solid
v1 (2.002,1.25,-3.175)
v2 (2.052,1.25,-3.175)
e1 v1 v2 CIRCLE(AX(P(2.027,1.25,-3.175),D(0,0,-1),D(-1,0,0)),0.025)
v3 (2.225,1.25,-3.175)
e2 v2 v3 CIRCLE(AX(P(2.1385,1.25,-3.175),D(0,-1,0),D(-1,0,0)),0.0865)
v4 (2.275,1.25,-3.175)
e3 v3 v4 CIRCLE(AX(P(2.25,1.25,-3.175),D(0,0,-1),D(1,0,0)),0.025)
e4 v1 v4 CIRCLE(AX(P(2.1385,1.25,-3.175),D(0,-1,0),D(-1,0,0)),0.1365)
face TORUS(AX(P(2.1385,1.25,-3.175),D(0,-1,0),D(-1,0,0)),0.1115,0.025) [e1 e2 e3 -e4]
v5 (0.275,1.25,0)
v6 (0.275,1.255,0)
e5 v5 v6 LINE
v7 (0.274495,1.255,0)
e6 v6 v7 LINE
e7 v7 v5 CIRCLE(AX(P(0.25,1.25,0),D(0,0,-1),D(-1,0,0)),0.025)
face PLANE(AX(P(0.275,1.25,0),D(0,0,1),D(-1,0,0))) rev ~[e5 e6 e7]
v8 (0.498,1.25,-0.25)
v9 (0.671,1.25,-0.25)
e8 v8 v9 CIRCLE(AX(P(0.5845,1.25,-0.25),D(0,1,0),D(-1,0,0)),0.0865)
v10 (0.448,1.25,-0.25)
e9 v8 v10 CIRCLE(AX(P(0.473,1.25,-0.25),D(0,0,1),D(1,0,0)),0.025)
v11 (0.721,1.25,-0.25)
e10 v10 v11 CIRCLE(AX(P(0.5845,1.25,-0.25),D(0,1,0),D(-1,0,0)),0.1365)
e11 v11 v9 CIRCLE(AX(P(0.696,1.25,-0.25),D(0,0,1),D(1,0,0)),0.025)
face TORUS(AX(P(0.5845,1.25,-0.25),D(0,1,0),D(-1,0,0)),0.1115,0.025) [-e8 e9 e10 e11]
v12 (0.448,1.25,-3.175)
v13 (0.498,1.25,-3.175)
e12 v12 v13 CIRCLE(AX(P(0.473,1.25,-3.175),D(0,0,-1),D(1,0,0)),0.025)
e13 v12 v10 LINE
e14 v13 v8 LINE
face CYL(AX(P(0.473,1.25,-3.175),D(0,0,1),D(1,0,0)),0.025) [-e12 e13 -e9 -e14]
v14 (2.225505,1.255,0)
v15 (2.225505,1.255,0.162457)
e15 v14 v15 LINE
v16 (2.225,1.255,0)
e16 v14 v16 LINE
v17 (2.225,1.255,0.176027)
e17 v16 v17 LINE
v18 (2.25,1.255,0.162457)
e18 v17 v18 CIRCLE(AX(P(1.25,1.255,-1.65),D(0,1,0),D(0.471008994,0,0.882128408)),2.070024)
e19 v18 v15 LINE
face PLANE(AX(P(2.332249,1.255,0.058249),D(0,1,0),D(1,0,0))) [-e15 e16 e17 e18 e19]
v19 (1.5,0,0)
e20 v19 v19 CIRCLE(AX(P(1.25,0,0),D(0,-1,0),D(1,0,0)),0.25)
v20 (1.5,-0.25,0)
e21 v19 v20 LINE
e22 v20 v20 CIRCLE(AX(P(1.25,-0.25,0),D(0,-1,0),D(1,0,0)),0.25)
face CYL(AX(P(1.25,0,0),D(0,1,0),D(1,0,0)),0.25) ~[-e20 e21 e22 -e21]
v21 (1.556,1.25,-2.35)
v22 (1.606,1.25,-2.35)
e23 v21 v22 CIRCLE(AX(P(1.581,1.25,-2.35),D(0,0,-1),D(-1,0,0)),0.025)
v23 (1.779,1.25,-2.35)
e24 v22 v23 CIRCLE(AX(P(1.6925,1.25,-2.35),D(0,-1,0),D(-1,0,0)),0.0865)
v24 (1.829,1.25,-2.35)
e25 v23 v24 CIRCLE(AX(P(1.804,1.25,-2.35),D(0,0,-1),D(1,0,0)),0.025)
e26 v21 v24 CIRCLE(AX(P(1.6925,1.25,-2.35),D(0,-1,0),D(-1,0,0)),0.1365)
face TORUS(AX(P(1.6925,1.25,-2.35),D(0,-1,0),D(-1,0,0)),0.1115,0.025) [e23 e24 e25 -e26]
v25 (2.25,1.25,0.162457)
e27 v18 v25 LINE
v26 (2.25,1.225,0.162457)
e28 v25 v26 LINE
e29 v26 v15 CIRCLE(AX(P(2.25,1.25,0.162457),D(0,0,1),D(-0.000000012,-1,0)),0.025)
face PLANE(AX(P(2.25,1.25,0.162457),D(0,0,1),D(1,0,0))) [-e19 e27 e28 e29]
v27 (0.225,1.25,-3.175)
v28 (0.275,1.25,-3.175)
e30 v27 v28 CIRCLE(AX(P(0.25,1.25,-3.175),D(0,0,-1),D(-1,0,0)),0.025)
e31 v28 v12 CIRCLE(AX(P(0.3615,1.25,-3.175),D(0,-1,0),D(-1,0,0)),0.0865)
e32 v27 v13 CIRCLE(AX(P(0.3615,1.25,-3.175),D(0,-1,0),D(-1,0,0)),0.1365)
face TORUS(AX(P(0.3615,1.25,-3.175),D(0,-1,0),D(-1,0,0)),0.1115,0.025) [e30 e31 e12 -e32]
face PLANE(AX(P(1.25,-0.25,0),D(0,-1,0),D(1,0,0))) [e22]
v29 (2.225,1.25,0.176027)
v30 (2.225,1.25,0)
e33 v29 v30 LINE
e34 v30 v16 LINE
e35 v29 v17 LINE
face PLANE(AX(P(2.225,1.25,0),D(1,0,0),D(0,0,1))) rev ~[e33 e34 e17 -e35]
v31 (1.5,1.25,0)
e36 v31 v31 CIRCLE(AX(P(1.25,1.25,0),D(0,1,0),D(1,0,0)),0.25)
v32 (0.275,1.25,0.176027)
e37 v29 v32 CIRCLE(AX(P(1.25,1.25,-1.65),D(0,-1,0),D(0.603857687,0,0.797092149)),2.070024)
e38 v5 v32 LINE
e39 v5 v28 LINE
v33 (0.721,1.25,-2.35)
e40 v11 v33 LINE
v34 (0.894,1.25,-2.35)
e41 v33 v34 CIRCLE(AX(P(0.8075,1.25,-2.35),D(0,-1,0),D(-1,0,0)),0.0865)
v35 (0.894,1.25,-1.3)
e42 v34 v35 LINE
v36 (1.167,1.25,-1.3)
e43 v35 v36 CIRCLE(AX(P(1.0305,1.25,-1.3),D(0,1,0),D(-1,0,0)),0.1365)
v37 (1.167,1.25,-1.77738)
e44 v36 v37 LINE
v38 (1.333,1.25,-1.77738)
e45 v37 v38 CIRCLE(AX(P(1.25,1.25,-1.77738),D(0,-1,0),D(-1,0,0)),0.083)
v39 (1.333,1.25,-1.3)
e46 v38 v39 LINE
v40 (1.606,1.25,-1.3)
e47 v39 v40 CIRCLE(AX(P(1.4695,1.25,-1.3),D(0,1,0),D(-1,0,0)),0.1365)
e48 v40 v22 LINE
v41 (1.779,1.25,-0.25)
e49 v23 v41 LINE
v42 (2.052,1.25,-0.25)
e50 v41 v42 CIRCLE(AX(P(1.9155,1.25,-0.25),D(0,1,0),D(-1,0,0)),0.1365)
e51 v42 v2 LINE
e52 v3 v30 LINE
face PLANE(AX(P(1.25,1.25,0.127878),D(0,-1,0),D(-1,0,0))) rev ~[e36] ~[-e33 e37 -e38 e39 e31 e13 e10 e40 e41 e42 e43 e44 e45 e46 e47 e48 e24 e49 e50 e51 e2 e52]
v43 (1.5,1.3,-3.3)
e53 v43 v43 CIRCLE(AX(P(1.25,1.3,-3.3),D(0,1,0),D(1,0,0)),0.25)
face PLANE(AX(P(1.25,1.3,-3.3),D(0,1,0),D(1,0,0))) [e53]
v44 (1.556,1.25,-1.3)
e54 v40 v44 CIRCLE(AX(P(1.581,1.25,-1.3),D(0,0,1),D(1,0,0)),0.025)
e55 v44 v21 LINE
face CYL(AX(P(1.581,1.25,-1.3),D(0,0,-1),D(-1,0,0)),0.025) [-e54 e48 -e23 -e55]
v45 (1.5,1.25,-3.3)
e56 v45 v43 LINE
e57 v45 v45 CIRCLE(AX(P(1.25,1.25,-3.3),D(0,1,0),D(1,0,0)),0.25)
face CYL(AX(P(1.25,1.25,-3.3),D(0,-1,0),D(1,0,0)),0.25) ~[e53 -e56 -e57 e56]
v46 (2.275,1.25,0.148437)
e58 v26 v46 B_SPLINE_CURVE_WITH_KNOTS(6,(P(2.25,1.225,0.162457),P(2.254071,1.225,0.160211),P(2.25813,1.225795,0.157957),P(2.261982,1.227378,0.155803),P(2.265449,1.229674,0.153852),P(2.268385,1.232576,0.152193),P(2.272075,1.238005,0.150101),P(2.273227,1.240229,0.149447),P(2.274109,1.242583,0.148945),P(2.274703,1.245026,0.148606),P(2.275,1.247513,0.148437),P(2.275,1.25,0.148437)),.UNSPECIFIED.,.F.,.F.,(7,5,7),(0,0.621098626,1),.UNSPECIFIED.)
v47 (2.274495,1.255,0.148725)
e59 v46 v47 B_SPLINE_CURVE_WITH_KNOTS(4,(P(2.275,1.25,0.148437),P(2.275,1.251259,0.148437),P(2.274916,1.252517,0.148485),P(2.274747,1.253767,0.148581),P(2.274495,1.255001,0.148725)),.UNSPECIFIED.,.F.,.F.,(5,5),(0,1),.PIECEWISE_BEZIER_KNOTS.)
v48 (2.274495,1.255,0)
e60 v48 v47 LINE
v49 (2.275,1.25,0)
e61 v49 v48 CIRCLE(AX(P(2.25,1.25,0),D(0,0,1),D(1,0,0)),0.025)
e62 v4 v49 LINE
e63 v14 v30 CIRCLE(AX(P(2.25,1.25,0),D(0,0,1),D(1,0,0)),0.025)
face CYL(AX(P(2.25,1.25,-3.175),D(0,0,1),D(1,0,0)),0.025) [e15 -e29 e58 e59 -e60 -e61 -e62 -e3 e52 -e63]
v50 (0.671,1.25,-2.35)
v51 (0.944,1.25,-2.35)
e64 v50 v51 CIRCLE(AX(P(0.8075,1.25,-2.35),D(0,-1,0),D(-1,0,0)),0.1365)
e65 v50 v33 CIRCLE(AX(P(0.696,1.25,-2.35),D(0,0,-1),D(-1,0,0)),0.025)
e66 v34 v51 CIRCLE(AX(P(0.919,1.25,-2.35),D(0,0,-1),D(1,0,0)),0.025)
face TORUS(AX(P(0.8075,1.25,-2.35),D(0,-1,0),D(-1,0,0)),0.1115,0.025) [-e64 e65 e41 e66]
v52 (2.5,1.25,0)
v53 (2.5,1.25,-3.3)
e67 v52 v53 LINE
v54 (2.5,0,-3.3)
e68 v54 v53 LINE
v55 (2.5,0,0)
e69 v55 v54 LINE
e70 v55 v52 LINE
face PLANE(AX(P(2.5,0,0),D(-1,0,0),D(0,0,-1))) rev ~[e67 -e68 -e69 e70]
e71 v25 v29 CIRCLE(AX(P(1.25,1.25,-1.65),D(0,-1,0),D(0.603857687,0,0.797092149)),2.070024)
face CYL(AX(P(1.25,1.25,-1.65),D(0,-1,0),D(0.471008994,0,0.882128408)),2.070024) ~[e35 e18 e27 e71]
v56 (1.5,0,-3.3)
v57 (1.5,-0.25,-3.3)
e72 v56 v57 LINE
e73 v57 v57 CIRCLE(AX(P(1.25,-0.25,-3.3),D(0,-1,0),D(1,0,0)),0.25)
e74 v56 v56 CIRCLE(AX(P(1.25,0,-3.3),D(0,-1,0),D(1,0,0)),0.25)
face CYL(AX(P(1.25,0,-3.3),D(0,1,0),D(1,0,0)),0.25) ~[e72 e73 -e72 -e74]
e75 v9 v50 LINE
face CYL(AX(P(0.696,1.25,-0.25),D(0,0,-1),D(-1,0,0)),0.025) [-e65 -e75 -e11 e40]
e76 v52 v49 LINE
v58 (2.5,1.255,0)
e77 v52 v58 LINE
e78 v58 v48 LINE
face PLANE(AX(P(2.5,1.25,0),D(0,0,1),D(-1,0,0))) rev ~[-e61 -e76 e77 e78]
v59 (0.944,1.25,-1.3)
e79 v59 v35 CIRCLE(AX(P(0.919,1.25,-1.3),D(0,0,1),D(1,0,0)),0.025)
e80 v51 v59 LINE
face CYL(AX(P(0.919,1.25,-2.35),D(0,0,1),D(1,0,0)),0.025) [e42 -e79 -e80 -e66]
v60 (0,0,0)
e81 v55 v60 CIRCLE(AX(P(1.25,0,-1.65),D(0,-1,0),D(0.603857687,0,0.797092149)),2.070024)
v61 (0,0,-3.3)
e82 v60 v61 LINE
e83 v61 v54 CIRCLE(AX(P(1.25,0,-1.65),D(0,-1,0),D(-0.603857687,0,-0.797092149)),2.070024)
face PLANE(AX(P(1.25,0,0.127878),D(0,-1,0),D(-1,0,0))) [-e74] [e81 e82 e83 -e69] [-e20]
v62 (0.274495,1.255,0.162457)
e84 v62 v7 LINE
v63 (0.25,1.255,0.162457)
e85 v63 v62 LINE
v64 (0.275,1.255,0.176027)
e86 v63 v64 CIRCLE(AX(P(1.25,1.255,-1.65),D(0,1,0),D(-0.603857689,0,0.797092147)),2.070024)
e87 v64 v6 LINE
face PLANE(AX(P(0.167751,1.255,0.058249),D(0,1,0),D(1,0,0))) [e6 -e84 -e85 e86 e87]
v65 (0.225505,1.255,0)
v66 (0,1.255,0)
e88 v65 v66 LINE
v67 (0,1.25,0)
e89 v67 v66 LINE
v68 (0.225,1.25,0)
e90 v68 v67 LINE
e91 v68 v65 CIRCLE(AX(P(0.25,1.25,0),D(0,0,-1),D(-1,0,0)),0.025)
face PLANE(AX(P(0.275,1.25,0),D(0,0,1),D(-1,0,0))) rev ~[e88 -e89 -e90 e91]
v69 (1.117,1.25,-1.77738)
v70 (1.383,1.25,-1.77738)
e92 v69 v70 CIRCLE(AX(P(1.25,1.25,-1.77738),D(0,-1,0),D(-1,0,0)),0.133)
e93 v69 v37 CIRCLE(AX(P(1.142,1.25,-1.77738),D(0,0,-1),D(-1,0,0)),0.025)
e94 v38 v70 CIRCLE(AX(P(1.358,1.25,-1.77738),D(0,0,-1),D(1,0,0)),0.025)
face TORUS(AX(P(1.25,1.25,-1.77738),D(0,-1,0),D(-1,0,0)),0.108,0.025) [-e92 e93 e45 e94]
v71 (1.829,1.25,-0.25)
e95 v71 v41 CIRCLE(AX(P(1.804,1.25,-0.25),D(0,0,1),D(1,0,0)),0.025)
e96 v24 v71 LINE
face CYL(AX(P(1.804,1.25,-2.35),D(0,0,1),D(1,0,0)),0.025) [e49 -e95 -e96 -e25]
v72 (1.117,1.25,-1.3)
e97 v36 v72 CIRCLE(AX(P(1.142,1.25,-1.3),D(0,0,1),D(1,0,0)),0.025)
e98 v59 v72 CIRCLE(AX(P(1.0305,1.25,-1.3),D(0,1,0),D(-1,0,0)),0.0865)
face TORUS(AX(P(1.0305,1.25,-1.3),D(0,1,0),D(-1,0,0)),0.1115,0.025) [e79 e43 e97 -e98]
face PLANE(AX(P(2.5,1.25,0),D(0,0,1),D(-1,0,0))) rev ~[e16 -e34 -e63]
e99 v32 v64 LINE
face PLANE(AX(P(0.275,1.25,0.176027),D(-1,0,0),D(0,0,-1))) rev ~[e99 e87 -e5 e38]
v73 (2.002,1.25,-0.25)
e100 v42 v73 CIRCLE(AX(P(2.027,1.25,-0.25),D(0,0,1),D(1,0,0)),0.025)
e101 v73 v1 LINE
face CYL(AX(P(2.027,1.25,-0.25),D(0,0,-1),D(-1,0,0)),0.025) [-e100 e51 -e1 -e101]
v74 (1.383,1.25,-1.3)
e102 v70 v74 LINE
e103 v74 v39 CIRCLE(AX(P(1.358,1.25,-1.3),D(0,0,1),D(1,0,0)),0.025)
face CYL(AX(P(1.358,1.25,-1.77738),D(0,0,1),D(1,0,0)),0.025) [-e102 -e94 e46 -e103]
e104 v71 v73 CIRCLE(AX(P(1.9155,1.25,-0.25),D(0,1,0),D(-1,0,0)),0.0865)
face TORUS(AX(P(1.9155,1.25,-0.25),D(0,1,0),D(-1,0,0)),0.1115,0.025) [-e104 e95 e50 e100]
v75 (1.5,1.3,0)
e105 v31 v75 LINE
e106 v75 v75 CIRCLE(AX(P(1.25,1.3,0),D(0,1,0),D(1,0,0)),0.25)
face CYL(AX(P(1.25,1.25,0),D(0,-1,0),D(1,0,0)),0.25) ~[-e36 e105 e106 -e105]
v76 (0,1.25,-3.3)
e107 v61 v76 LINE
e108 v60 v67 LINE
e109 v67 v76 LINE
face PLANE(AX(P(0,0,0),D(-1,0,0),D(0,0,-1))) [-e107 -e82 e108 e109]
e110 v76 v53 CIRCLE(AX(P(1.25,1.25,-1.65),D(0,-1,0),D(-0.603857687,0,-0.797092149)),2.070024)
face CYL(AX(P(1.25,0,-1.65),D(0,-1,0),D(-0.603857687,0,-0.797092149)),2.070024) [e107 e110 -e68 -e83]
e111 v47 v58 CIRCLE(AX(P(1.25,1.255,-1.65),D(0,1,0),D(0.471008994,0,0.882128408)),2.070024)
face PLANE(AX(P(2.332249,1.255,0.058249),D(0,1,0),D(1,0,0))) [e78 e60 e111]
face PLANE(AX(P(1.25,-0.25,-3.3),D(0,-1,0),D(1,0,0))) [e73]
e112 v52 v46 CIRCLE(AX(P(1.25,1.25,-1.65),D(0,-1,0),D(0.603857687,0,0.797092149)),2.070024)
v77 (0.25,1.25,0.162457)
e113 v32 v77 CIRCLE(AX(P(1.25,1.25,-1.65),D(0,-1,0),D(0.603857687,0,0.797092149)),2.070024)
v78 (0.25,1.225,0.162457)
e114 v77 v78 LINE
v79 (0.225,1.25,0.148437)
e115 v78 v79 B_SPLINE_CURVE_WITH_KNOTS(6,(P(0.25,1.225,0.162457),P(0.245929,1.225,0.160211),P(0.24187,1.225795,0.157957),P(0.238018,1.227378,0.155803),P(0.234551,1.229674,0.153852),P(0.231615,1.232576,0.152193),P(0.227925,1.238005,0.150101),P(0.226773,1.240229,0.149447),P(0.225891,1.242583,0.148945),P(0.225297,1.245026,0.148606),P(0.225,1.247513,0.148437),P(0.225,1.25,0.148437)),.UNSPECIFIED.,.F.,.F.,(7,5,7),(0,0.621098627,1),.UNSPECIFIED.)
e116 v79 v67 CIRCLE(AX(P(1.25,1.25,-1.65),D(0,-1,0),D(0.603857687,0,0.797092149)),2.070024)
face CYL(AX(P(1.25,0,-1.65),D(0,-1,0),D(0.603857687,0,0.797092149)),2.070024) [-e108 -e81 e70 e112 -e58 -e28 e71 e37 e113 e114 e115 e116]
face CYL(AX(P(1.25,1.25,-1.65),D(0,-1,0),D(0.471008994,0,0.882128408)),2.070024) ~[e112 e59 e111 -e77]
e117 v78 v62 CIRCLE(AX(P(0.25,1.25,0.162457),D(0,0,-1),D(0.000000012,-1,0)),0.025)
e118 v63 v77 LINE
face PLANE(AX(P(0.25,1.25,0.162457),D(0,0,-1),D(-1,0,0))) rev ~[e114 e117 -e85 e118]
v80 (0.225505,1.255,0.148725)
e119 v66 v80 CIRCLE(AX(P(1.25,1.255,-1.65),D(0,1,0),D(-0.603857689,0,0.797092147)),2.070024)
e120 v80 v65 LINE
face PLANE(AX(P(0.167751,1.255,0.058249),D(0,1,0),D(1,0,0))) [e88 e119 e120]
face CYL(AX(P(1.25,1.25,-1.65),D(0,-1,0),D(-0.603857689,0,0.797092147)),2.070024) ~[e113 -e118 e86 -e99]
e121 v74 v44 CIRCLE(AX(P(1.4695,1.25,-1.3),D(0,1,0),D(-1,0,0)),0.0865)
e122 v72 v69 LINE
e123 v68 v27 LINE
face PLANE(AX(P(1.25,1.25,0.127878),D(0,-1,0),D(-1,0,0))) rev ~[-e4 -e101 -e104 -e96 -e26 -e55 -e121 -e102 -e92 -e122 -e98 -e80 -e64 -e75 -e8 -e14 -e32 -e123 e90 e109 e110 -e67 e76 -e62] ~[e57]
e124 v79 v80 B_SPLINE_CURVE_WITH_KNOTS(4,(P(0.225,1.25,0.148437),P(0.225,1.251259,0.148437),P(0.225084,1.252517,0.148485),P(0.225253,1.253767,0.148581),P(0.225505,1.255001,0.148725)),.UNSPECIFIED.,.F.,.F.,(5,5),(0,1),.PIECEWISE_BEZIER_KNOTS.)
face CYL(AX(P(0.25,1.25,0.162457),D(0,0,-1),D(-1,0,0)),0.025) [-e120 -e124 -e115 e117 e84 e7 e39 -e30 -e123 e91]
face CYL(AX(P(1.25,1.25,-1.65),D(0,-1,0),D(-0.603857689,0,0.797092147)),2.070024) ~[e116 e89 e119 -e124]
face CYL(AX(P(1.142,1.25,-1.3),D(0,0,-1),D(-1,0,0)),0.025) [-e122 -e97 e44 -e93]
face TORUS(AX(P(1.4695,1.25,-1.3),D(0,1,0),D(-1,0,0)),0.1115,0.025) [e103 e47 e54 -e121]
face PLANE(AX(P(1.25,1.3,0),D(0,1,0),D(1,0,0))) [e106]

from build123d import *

# Parameters (mm, degrees)
SKETCH1_W                    = 2.5
SKETCH1_H                    = 3.3
MAIN_HEAD_DEPTH              = 1.25
SKETCH2_R                    = 0.25
WIRE_EXTRUSIONS_TOP_DEPTH    = 0.05
LINES_TOP_PROFILE_R          = 0.025
TRIANGLE_PATTERN_TOP_DEPTH   = 0.005
SKETCH40_R                   = 0.25
WIRE_EXTRUSIONS_BOTTOM_DEPTH = 0.25


with BuildPart() as part:
    # Sketch1 → main head (new body)
    with BuildSketch(Plane(origin=(0, 0, 0), x_dir=(1, 0, 0), z_dir=(0, 1, 0))):
        with BuildLine():
            Line((0, 0), (2.5, 0))
            ThreePointArc((2.5, 0), (1.25, -0.420024154), (0, 0))
        make_face()
        with Locations((1.25, 1.65)):
            Rectangle(SKETCH1_W, SKETCH1_H)
        with BuildLine():
            ThreePointArc((0, 3.3), (1.25, 3.720024154), (2.5, 3.3))
            Line((2.5, 3.3), (0, 3.3))
        make_face()
    extrude(amount=MAIN_HEAD_DEPTH)

    # Sketch2 → wire extrusions - top (add)
    with BuildSketch(Plane(origin=(0, 1.25, 0), x_dir=(1, 0, 0), z_dir=(0, 1, 0))):
        with Locations((1.25, 0)):
            Circle(SKETCH2_R)
        with Locations((1.25, 3.3)):
            Circle(SKETCH2_R)
    extrude(amount=WIRE_EXTRUSIONS_TOP_DEPTH)

    # lines top: sweep along a path in Sketch4
    with BuildLine(Plane(origin=(0, 1.25, 0), x_dir=(1, 0, 0), z_dir=(0, 1, 0))) as lines_top_path:
        Line((0.25, -0.162456896), (0.25, 0.25))
        Line((0.25, 0.25), (0.25, 3.175))
        ThreePointArc((0.25, 3.175), (0.3615, 3.2865), (0.473, 3.175))
        Line((0.473, 3.175), (0.473, 0.25))
        ThreePointArc((0.473, 0.25), (0.5845, 0.1385), (0.696, 0.25))
        Line((0.696, 0.25), (0.696, 2.35))
        ThreePointArc((0.696, 2.35), (0.8075, 2.4615), (0.919, 2.35))
        Line((0.919, 2.35), (0.919, 1.3))
        ThreePointArc((0.919, 1.3), (1.0305, 1.1885), (1.142, 1.3))
        Line((1.142, 1.3), (1.142, 1.77737971))
        ThreePointArc((1.142, 1.77737971), (1.25, 1.88537971), (1.358, 1.77737971))
        Line((1.358, 1.77737971), (1.358, 1.3))
        ThreePointArc((1.358, 1.3), (1.4695, 1.1885), (1.581, 1.3))
        Line((1.581, 1.3), (1.581, 2.35))
        ThreePointArc((1.581, 2.35), (1.6925, 2.4615), (1.804, 2.35))
        Line((1.804, 2.35), (1.804, 0.25))
        ThreePointArc((1.804, 0.25), (1.9155, 0.1385), (2.027, 0.25))
        Line((2.027, 0.25), (2.027, 3.175))
        ThreePointArc((2.027, 3.175), (2.1385, 3.2865), (2.25, 3.175))
        Line((2.25, 3.175), (2.25, 0.249162513))
        Line((2.25, 0.249162513), (2.25, -0.162456896))
    # lines top profile (on start of the path) → lines top (sweep)
    with BuildSketch(Plane(origin=(0.25, 1.25, 0.162456896), x_dir=(-1, 0, 0), z_dir=(0, 0, -1))):
        Circle(LINES_TOP_PROFILE_R)
    sweep(path=lines_top_path.line)

    # Sketch37 → triangle pattern - top (add)
    with BuildSketch(Plane(origin=(0, 1.25, 0), x_dir=(1, 0, 0), z_dir=(0, 1, 0))):
        with BuildLine():
            Line((2.5, 0), (2.225, 0))
            Line((2.225, 0), (2.225, -0.176027108))
            ThreePointArc((2.225, -0.176027108), (2.365976091, -0.09344411), (2.5, 0))
        make_face()
        with BuildLine():
            Line((0.275, 0), (0, 0))
            ThreePointArc((0, 0), (0.134023909, -0.09344411), (0.275, -0.176027108))
            Line((0.275, -0.176027108), (0.275, 0))
        make_face()
    extrude(amount=TRIANGLE_PATTERN_TOP_DEPTH)

    # Sketch40 → wire extrusions - bottom (add)
    with BuildSketch(Plane.XZ):
        with Locations((1.25, -3.3)):
            Circle(SKETCH40_R)
        with Locations((1.25, 0)):
            Circle(SKETCH40_R)
    extrude(amount=WIRE_EXTRUSIONS_BOTTOM_DEPTH)


solid = part.part
